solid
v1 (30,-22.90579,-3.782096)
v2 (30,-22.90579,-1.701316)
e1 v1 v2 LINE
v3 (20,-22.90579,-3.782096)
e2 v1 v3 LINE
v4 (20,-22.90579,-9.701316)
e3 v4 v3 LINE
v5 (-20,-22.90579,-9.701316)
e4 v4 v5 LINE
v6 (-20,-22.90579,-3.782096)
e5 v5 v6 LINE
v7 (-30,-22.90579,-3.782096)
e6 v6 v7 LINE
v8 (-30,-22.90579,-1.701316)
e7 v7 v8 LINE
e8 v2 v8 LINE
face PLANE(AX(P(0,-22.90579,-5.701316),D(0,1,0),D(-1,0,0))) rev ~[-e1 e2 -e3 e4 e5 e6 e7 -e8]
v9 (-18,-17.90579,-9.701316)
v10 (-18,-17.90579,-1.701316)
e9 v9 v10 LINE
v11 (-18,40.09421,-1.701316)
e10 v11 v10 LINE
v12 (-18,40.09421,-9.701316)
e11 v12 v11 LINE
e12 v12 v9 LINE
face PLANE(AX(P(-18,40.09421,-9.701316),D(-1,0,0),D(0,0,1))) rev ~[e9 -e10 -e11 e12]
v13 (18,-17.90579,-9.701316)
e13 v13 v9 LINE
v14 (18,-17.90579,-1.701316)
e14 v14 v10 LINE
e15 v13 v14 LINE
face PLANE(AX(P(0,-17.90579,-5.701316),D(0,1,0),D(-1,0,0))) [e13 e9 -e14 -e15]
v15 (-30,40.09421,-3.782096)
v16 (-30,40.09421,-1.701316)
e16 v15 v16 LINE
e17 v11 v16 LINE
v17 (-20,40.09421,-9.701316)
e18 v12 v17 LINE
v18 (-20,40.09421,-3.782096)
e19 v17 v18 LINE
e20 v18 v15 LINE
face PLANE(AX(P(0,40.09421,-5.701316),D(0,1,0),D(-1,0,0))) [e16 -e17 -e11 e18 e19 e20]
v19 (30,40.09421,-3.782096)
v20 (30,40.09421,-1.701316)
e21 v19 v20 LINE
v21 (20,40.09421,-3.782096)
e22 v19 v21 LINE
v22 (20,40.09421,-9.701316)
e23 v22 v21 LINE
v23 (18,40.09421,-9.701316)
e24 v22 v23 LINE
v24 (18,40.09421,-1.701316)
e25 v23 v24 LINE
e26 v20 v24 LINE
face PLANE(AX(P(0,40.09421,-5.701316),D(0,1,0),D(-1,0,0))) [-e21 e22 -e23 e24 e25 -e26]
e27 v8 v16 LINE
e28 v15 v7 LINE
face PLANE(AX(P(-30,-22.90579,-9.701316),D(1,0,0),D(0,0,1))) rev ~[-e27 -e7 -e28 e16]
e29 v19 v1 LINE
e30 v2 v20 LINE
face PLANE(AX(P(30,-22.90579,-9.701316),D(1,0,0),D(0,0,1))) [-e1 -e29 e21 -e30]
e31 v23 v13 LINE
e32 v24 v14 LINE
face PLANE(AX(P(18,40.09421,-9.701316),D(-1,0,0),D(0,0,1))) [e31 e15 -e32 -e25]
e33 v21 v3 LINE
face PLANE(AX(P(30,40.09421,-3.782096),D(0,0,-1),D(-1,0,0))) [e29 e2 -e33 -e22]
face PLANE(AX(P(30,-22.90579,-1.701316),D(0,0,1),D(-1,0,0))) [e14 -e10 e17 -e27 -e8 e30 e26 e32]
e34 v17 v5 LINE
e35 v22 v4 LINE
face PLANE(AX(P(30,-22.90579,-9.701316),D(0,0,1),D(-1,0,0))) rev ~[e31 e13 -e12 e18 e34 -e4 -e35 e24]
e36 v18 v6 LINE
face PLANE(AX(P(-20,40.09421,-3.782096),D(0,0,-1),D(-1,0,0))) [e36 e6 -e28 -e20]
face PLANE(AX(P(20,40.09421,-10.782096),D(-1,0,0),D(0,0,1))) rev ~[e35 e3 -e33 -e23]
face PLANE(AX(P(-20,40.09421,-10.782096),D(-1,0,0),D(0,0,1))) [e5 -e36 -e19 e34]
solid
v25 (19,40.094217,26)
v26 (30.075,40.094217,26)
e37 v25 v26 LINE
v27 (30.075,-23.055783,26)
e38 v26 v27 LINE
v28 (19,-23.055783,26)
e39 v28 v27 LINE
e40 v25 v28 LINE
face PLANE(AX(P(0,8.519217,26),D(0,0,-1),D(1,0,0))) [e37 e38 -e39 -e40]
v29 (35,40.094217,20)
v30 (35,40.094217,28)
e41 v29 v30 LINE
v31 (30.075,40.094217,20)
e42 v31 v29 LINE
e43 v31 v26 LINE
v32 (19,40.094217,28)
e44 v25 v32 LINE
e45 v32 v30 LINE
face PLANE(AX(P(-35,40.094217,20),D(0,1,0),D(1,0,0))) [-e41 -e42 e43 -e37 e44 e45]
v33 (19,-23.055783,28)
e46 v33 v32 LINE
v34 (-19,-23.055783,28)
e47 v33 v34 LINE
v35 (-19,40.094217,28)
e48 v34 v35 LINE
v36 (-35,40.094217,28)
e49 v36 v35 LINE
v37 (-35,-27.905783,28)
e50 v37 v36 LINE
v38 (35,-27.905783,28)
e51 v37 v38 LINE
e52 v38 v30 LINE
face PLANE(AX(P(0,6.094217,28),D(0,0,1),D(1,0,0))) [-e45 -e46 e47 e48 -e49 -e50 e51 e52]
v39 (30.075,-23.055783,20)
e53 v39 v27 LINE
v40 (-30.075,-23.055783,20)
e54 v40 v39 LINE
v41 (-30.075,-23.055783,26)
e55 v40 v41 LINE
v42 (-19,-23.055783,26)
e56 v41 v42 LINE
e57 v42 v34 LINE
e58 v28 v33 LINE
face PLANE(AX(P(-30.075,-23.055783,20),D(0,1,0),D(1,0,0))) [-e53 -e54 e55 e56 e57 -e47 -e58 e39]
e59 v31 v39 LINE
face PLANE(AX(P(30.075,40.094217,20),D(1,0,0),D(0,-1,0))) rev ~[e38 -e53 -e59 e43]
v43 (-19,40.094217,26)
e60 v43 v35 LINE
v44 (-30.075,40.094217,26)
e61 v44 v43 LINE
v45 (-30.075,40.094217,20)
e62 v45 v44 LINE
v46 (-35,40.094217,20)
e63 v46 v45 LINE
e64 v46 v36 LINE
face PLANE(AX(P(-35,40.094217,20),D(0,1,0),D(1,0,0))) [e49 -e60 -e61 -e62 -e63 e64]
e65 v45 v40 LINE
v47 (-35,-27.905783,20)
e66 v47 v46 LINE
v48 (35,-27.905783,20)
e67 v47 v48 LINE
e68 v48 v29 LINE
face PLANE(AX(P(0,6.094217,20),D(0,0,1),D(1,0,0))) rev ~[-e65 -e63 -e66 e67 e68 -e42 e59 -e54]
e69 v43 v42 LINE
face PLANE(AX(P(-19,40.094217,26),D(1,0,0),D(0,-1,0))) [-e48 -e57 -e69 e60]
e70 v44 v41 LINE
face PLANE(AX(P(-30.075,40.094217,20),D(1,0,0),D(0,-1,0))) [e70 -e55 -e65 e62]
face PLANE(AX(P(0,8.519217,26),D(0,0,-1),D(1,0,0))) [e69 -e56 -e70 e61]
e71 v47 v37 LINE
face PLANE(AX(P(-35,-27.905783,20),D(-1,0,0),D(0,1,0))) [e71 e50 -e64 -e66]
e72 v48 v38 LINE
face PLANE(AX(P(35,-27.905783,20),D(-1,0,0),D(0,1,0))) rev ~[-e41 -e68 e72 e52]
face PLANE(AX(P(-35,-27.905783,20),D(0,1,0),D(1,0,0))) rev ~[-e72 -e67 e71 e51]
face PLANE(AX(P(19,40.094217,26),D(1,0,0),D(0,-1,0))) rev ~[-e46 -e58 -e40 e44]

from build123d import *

# Parameters (mm, degrees)
SKETCH_W        = 60
SKETCH_H        = 8
PAD_DEPTH       = 63
SKETCH001_W     = 36
SKETCH001_H     = 8
POCKET_DEPTH    = 58
COPYSKETCH002_W = 10
COPYSKETCH002_H = 7
POCKET001_DEPTH = 63
SKETCH002_W     = 70
SKETCH002_H     = 68
PAD001_DEPTH    = 8
SKETCH003_W     = 60.15
SKETCH003_H     = 63.15
POCKET002_DEPTH = 6
SKETCH004_W     = 38
SKETCH004_H     = 63.15
POCKET003_DEPTH = 2.001


with BuildPart() as below:
    # Sketch → Pad (new body)
    with BuildSketch(Plane(origin=(0, -22.90579, -6.167026), x_dir=(-1, 0, 0), z_dir=(0, 1, 0))):
        with Locations((0, 0.46571)):
            Rectangle(SKETCH_W, SKETCH_H)
    extrude(amount=PAD_DEPTH)

    # Sketch001 (on Face6 of Pad) → Pocket (cut)
    with BuildSketch(Plane(origin=(0, 40.09421, -6.167026), x_dir=(-1, 0, 0), z_dir=(0, 1, 0))):
        with Locations((0, 0.46571)):
            Rectangle(SKETCH001_W, SKETCH001_H)
    extrude(amount=-POCKET_DEPTH, mode=Mode.SUBTRACT)

    # CopySketch002 → Pocket001 (cut)
    with BuildSketch(Plane(origin=(0, 40.09421, -6.167026), x_dir=(-1, 0, 0), z_dir=(0, 1, 0))):
        with Locations((-25, -1.11507)):
            Rectangle(COPYSKETCH002_W, COPYSKETCH002_H)
        with Locations((25, -1.11507)):
            Rectangle(COPYSKETCH002_W, COPYSKETCH002_H)
    extrude(amount=-POCKET001_DEPTH, mode=Mode.SUBTRACT)


with BuildPart() as cover:
    # Sketch002 → Pad001 (new body)
    with BuildSketch(Plane.XY.offset(20)):
        with Locations((0, 6.094217)):
            Rectangle(SKETCH002_W, SKETCH002_H)
    extrude(amount=PAD001_DEPTH)

    # Sketch003 (on Face5 of Pad001) → Pocket002 (cut)
    with BuildSketch(Plane(origin=(0, 0, 20), x_dir=(1, 0, 0), z_dir=(0, 0, -1))):
        with Locations((0, -8.519217)):
            Rectangle(SKETCH003_W, SKETCH003_H)
    extrude(amount=-POCKET002_DEPTH, mode=Mode.SUBTRACT)

    # Sketch004 (on Face4 of Pocket002) → Pocket003 (cut, through all)
    with BuildSketch(Plane(origin=(0, 0, 26), x_dir=(1, 0, 0), z_dir=(0, 0, -1))):
        with Locations((0, -8.519217)):
            Rectangle(SKETCH004_W, SKETCH004_H)
    extrude(amount=-POCKET003_DEPTH, mode=Mode.SUBTRACT)


solid = Compound([below.part, cover.part])
